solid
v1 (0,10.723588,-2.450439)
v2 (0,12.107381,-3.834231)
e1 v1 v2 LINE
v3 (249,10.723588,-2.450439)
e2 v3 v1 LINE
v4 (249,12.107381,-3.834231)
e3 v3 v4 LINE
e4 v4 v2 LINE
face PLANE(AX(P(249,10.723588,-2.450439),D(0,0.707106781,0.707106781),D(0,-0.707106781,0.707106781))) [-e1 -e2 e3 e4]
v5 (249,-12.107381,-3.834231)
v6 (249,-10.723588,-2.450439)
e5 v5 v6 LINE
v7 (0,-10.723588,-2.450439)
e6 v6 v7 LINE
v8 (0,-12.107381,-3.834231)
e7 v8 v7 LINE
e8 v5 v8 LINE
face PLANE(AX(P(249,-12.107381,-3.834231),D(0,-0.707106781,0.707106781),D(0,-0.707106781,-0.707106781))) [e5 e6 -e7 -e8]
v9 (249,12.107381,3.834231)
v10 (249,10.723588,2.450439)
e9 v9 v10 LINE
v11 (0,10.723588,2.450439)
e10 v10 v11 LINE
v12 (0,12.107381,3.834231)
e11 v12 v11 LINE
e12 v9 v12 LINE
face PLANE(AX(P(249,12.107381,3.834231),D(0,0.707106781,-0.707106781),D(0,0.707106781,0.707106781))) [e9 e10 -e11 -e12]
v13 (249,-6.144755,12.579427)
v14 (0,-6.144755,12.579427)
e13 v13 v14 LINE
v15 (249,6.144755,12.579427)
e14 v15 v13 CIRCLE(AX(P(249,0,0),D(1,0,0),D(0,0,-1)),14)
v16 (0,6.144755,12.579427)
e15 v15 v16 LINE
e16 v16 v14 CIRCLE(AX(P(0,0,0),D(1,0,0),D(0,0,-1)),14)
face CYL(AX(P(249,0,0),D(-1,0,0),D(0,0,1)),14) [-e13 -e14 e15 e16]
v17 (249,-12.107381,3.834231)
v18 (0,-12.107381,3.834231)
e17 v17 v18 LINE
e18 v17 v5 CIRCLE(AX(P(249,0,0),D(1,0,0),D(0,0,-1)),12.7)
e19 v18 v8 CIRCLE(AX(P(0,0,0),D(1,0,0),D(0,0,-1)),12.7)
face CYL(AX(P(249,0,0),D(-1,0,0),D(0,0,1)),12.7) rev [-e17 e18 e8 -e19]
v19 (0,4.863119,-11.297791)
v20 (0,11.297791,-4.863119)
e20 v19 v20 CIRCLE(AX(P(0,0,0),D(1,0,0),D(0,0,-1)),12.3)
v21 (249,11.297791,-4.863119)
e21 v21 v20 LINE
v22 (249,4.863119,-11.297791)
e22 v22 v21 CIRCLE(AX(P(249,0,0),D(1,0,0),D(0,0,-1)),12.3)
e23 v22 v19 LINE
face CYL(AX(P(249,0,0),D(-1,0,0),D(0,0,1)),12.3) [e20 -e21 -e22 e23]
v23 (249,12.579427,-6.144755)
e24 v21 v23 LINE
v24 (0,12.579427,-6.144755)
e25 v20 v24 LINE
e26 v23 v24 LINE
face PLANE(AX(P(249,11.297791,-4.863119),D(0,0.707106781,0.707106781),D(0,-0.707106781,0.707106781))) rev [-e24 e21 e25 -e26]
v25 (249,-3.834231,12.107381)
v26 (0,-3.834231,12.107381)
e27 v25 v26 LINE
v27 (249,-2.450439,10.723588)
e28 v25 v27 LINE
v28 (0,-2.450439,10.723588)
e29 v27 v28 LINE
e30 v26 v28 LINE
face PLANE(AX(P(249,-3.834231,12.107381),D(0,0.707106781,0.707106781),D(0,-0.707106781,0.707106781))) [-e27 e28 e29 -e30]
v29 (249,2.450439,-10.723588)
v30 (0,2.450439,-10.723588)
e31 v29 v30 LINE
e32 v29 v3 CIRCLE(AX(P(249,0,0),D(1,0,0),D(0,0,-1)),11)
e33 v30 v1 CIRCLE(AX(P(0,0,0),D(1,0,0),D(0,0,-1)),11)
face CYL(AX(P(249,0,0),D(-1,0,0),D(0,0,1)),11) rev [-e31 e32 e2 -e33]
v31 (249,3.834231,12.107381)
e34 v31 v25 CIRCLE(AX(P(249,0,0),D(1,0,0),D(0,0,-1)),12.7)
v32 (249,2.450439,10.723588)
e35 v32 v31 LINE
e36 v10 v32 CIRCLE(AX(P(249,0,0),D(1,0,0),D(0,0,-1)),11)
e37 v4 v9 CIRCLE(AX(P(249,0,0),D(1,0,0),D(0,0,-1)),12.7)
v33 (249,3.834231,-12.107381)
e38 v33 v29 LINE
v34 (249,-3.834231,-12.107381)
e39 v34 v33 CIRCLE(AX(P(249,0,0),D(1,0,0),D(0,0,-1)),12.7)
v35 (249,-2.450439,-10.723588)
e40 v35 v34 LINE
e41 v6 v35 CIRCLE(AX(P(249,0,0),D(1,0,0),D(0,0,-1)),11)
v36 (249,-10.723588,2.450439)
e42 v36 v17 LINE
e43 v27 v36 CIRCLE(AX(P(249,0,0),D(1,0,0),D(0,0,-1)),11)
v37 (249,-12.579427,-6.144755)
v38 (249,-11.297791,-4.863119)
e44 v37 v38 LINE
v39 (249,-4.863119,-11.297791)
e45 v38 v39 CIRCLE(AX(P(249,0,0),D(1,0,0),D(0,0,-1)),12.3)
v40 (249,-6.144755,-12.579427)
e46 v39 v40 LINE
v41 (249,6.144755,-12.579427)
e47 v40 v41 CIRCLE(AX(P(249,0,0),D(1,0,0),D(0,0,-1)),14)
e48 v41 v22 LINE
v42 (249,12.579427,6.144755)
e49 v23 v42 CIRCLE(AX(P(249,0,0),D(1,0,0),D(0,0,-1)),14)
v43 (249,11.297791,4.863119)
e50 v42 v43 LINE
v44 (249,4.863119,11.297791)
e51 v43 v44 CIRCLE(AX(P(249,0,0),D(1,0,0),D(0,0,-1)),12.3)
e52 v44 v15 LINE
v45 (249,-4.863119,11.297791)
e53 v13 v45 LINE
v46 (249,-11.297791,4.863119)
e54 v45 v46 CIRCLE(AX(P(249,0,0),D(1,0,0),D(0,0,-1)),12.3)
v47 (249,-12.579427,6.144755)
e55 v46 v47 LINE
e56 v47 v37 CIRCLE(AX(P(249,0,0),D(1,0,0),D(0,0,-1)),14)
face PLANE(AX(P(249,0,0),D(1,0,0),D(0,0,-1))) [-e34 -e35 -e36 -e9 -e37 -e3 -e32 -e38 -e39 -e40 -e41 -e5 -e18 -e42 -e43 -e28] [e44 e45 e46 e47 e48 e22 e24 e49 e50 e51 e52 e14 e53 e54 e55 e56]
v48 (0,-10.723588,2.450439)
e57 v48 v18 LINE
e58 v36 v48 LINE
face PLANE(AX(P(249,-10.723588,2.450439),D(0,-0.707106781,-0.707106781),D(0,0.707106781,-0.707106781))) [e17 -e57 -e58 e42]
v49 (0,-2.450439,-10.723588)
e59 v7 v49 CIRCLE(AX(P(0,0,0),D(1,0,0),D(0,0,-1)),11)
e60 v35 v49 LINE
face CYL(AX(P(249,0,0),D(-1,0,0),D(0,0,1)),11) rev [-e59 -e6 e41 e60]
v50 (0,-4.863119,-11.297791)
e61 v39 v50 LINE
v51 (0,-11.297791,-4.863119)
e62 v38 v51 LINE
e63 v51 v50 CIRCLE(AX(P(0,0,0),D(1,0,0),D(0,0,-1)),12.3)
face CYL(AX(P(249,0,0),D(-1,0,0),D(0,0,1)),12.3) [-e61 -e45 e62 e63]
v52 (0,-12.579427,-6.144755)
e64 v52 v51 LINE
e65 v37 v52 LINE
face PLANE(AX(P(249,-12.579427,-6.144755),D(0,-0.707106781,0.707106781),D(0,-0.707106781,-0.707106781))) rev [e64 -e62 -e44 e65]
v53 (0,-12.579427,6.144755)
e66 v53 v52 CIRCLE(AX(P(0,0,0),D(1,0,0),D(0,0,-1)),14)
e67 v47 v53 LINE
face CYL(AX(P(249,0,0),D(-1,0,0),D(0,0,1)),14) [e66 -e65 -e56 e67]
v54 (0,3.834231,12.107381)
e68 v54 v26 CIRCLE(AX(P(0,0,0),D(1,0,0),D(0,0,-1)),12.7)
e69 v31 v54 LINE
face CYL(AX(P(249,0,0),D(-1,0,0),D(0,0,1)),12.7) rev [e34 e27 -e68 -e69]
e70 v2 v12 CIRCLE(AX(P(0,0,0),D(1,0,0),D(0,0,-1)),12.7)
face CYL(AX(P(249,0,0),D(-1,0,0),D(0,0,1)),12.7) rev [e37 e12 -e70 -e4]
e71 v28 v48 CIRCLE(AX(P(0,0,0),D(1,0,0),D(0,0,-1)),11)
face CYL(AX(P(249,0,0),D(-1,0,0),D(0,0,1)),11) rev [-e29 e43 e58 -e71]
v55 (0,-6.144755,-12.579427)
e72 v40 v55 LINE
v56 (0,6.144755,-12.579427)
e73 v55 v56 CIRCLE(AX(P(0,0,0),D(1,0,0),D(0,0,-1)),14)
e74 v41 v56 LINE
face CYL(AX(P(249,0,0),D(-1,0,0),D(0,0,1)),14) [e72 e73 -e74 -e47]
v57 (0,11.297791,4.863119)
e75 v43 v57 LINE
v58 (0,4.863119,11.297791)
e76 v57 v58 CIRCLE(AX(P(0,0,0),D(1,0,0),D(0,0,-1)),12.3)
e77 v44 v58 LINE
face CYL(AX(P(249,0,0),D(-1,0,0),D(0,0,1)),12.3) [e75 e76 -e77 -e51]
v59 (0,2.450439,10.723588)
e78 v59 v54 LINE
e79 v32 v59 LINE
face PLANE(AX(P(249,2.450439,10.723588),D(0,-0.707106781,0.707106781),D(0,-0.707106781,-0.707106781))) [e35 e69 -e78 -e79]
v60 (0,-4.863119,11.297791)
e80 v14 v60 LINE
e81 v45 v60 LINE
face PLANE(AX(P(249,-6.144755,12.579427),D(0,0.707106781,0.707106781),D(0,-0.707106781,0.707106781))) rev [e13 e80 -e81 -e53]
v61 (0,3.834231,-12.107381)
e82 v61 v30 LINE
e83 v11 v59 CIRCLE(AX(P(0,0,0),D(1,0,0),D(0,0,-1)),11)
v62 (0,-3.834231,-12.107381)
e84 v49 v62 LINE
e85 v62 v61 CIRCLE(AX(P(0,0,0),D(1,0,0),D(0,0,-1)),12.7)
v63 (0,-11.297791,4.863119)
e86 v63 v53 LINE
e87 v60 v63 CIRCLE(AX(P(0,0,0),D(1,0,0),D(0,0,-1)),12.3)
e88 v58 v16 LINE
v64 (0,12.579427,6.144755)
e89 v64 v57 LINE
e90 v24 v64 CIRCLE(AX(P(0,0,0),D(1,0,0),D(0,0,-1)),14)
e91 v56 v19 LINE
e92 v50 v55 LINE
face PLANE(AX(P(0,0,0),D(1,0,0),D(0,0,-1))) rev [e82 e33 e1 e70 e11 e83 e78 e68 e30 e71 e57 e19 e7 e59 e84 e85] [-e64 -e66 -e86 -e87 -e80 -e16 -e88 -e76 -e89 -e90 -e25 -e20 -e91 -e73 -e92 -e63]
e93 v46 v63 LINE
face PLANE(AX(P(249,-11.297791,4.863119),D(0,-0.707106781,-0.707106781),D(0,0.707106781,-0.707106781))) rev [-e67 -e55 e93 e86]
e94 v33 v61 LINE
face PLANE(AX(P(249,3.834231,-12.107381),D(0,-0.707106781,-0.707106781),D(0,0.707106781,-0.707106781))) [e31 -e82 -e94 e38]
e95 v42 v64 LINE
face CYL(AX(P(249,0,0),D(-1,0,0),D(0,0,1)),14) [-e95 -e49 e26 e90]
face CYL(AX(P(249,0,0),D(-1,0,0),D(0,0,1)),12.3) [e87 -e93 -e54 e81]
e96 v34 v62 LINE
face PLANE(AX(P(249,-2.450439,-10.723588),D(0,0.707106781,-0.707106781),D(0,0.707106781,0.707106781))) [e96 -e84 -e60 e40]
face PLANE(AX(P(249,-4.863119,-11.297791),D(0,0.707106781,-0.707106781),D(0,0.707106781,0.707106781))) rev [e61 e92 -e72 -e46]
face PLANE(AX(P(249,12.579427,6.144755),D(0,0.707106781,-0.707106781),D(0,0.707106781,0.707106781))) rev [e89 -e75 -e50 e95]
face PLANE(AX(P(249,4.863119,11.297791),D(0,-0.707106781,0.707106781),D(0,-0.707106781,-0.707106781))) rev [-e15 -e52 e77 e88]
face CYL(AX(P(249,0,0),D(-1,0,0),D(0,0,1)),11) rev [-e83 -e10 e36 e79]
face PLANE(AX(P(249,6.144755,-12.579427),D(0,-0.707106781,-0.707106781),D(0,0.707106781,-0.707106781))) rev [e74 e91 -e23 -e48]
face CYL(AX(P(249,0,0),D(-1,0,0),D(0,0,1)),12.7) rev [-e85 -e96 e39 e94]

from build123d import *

# Parameters (mm, degrees)
BOSS_EXTRUDE1_DEPTH = 249


with BuildPart() as part:
    # Sketch1 → Boss-Extrude1 (new body)
    with BuildSketch(Plane(origin=(0, 0, 0), x_dir=(0, 0, -1), z_dir=(1, 0, 0))):
        with BuildLine():
            Line((-11.297790668, 4.86311896), (-12.579426967, 6.144755258))
            ThreePointArc((-12.579426967, 6.144755258), (-14, 0), (-12.579426967, -6.144755258))
            Line((-12.579426967, -6.144755258), (-11.297790668, -4.86311896))
            ThreePointArc((-11.297790668, -4.86311896), (-8.697413409, -8.697413409), (-4.86311896, -11.297790668))
            Line((-4.86311896, -11.297790668), (-6.144755258, -12.579426967))
            ThreePointArc((-6.144755258, -12.579426967), (0, -14), (6.144755258, -12.579426967))
            Line((6.144755258, -12.579426967), (4.86311896, -11.297790668))
            ThreePointArc((4.86311896, -11.297790668), (8.697413409, -8.697413409), (11.297790668, -4.86311896))
            Line((11.297790668, -4.86311896), (12.579426967, -6.144755258))
            ThreePointArc((12.579426967, -6.144755258), (13.64023419, -3.153412633), (14, 0))
            ThreePointArc((14, 0), (13.64023419, 3.153412633), (12.579426967, 6.144755258))
            Line((12.579426967, 6.144755258), (11.297790668, 4.86311896))
            ThreePointArc((11.297790668, 4.86311896), (8.697413409, 8.697413409), (4.86311896, 11.297790668))
            Line((4.86311896, 11.297790668), (6.144755258, 12.579426967))
            ThreePointArc((6.144755258, 12.579426967), (0, 14), (-6.144755258, 12.579426967))
            Line((-6.144755258, 12.579426967), (-4.86311896, 11.297790668))
            ThreePointArc((-4.86311896, 11.297790668), (-8.697413409, 8.697413409), (-11.297790668, 4.86311896))
        make_face()
        with BuildLine():
            Line((-10.723588409, 2.450439069), (-12.107380777, 3.834231437))
            ThreePointArc((-12.107380777, 3.834231437), (-12.7, 0), (-12.107380777, -3.834231437))
            Line((-12.107380777, -3.834231437), (-10.723588409, -2.450439069))
            ThreePointArc((-10.723588409, -2.450439069), (-7.778174593, -7.778174593), (-2.450439069, -10.723588409))
            Line((-2.450439069, -10.723588409), (-3.834231437, -12.107380777))
            ThreePointArc((-3.834231437, -12.107380777), (0, -12.7), (3.834231437, -12.107380777))
            Line((3.834231437, -12.107380777), (2.450439069, -10.723588409))
            ThreePointArc((2.450439069, -10.723588409), (7.778174593, -7.778174593), (10.723588409, -2.450439069))
            Line((10.723588409, -2.450439069), (12.107380777, -3.834231437))
            ThreePointArc((12.107380777, -3.834231437), (12.550970797, -1.939879394), (12.7, 0))
            ThreePointArc((12.7, 0), (12.550970797, 1.939879394), (12.107380777, 3.834231437))
            Line((12.107380777, 3.834231437), (10.723588409, 2.450439069))
            ThreePointArc((10.723588409, 2.450439069), (7.778174593, 7.778174593), (2.450439069, 10.723588409))
            Line((2.450439069, 10.723588409), (3.834231437, 12.107380777))
            ThreePointArc((3.834231437, 12.107380777), (0, 12.7), (-3.834231437, 12.107380777))
            Line((-3.834231437, 12.107380777), (-2.450439069, 10.723588409))
            ThreePointArc((-2.450439069, 10.723588409), (-7.778174593, 7.778174593), (-10.723588409, 2.450439069))
        make_face(mode=Mode.SUBTRACT)
    extrude(amount=BOSS_EXTRUDE1_DEPTH)


solid = part.part
